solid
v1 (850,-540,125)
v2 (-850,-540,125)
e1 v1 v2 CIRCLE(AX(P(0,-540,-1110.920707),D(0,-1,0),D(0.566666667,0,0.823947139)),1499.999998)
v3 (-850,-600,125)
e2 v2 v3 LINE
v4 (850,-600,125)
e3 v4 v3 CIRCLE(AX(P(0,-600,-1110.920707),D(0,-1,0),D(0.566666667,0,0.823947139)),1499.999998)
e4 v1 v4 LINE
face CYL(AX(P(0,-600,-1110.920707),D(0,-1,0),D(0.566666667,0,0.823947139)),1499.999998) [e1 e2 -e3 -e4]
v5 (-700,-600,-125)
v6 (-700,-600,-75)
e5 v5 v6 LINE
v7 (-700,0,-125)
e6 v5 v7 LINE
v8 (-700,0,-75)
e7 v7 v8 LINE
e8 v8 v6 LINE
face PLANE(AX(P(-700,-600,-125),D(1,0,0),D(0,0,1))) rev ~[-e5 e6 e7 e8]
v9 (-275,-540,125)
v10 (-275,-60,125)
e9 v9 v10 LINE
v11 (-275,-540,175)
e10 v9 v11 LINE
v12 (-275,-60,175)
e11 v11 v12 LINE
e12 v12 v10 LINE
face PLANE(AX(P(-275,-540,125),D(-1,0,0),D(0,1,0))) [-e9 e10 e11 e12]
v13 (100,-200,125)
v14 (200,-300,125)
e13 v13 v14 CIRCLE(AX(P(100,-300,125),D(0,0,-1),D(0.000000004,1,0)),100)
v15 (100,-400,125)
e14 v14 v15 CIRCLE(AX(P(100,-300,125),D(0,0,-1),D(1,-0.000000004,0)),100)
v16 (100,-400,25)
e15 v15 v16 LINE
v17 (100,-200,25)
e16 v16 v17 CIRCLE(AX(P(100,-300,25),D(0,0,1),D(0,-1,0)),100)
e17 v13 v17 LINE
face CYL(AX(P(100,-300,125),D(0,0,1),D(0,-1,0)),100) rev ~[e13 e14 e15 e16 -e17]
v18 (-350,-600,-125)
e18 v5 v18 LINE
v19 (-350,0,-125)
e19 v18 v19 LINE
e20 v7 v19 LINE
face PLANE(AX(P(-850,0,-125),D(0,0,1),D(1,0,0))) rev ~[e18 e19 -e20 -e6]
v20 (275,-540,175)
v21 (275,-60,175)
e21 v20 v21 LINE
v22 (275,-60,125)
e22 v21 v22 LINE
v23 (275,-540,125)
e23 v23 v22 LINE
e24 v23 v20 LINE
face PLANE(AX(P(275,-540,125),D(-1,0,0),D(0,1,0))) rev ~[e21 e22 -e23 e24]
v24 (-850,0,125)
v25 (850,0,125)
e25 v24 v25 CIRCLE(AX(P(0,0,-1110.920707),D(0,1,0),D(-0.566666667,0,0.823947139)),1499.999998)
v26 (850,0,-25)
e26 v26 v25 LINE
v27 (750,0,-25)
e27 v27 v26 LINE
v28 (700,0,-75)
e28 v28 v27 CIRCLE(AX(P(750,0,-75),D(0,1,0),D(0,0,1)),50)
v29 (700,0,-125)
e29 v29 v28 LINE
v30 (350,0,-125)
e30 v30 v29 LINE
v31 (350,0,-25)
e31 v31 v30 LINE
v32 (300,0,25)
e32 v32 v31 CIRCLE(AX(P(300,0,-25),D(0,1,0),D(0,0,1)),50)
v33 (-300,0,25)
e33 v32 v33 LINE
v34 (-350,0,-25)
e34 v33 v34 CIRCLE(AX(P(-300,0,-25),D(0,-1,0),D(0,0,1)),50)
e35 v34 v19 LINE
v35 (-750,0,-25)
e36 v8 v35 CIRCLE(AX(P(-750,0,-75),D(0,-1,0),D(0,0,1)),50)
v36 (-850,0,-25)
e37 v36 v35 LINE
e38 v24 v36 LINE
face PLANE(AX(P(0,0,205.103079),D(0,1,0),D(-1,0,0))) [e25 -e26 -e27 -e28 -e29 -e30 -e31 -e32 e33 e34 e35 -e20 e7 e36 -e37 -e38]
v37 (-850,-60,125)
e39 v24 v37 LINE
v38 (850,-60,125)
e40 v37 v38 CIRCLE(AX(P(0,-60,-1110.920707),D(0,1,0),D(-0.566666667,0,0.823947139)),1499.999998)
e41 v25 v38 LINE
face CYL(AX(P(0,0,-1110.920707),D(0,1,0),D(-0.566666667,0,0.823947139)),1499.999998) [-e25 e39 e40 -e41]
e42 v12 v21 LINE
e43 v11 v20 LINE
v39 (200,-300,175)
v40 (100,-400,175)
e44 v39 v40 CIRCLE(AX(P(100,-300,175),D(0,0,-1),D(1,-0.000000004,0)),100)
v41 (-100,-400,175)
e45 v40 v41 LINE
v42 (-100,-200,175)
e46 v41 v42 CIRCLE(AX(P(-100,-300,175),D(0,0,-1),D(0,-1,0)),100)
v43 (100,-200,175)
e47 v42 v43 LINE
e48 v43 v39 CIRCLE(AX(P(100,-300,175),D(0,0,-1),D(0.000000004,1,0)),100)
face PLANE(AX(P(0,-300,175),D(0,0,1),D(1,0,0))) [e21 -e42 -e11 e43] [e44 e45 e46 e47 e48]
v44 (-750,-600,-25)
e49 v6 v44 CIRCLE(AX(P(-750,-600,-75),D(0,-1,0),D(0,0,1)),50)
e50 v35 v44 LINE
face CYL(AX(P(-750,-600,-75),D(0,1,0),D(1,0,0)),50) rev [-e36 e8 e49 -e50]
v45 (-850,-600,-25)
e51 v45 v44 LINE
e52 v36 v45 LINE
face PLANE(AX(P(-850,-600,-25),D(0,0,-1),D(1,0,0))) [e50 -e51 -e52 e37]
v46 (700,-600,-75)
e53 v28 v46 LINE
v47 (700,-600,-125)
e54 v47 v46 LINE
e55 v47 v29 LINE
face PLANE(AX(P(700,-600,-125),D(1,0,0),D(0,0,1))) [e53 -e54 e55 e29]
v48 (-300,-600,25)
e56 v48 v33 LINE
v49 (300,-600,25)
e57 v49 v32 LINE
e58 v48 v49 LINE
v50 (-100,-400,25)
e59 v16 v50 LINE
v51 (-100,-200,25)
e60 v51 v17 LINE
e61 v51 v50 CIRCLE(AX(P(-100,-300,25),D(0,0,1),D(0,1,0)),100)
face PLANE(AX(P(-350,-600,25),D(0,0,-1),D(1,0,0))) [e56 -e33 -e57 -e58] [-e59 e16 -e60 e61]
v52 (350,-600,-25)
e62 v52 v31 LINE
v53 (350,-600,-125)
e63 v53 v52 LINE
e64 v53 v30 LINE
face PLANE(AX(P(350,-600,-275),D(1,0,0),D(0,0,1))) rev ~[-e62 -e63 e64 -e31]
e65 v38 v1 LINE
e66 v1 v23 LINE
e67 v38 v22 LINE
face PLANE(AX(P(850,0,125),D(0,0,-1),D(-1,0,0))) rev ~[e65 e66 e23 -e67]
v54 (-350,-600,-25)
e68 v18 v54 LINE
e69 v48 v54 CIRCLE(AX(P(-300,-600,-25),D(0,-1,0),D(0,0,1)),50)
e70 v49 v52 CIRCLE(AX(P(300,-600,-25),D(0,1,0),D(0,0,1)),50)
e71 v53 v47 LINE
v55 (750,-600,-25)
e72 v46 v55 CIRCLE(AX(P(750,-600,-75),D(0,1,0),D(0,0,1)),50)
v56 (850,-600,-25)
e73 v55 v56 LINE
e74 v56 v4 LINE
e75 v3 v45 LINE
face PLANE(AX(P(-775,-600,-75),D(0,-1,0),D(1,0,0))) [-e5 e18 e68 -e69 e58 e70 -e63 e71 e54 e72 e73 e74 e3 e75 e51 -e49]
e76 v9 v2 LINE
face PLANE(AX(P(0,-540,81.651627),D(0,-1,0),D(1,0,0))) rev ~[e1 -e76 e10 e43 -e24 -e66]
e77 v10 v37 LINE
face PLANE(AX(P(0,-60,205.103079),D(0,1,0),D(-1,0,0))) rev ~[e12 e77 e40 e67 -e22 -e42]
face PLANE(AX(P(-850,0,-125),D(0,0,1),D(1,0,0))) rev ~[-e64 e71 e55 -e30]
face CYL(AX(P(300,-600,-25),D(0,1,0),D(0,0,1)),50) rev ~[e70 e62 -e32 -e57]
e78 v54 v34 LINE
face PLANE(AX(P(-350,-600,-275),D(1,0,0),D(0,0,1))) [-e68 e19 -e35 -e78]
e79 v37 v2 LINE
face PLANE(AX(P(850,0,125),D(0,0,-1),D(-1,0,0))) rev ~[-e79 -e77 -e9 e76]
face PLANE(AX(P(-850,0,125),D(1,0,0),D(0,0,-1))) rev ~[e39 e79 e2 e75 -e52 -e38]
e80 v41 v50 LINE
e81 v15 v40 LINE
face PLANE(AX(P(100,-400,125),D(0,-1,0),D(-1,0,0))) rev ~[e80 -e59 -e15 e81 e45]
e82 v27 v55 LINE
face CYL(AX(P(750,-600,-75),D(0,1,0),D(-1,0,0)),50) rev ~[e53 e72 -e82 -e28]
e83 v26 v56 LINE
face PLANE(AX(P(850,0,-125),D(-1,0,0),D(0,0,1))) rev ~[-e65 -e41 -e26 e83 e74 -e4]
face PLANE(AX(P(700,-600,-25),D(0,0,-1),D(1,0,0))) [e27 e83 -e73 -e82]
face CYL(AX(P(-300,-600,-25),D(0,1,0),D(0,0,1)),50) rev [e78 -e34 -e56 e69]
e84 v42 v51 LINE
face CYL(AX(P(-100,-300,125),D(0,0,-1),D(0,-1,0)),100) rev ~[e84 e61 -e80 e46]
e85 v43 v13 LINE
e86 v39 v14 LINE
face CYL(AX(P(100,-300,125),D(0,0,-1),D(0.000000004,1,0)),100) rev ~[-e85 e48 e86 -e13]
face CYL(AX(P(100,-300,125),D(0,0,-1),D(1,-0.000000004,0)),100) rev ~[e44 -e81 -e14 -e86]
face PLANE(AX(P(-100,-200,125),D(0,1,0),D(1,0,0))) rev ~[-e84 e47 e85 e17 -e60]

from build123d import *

# Parameters (mm, degrees)
F0_W      = 150
F0_H      = 100
F1_DEPTH  = 600
F2_W      = 150
F2_H      = 100
F3_DEPTH  = 600.001
F4_W      = 150
F4_H      = 100
F5_DEPTH  = 600.001
F6_R      = 50
F7_R      = 50
F9_DEPTH  = 60
F11_DEPTH = 60
F12_W     = 700
F12_H     = 300
F13_DEPTH = 600.001
F14_R     = 50
F15_R     = 50
F16_W     = 550
F16_H     = 480
F17_DEPTH = 50
F18_DEPTH = 25
F19_DEPTH = 250.001


with BuildPart() as f1:
    # F0 (on Front) → F1 (new body)
    with BuildSketch(Plane.XZ):
        with Locations((-775, -75)):
            Rectangle(F0_W, F0_H)
        Polygon((-700, -25), (-700, -125), (850, -125), (850, 125), (-850, 125), (-850, -25), align=None)
    extrude(amount=F1_DEPTH)

    # F2 (on face) → F3 (cut, through all)
    with BuildSketch(Plane.XZ.offset(600)):
        with Locations((-775, -75)):
            Rectangle(F2_W, F2_H)
    extrude(amount=-F3_DEPTH, mode=Mode.SUBTRACT)

    # F4 (on face) → F5 (cut, through all)
    with BuildSketch(Plane.XZ.offset(600)):
        with Locations((775, -75)):
            Rectangle(F4_W, F4_H)
    extrude(amount=-F5_DEPTH, mode=Mode.SUBTRACT)

    # F6
    f6_edges = [f1.edges().sort_by_distance(p)[0] for p in [
        (-700, -300, -25),
    ]]
    fillet(f6_edges, radius=F6_R)

    # F7
    f7_edges = [f1.edges().sort_by_distance(p)[0] for p in [
        (700, -300, -25),
    ]]
    fillet(f7_edges, radius=F7_R)

    # F8 (on face) → F9 (join)
    with BuildSketch(Plane(origin=(0, 0, 0), x_dir=(-1, 0, 0), z_dir=(0, 1, 0))):
        with BuildLine():
            Line((-850, 125), (850, 125))
            ThreePointArc((850, 125), (0, 389.079291), (-850, 125))
        make_face()
    extrude(amount=-F9_DEPTH)

    # F10 (on face) → F11 (join)
    with BuildSketch(Plane.XZ.offset(600)):
        with BuildLine():
            Line((850, -25), (850, 125))
            ThreePointArc((850, 125), (0, 389.079291), (-850, 125))
            Line((-850, 125), (-850, -25))
            Line((-850, -25), (-750, -25))
            ThreePointArc((-750, -25), (-714.644661, -39.644661), (-700, -75))
            Line((-700, -75), (-700, -125))
            Line((-700, -125), (700, -125))
            Line((700, -125), (700, -75))
            ThreePointArc((700, -75), (714.644661, -39.644661), (750, -25))
            Line((750, -25), (850, -25))
        make_face()
    extrude(amount=-F11_DEPTH)

    # F12 (on face) → F13 (cut, through all)
    with BuildSketch(Plane.XZ.offset(600)):
        with Locations((0, -125)):
            Rectangle(F12_W, F12_H)
    extrude(amount=-F13_DEPTH, mode=Mode.SUBTRACT)

    # F14
    f14_edges = [f1.edges().sort_by_distance(p)[0] for p in [
        (350, -300, 25),
    ]]
    fillet(f14_edges, radius=F14_R)

    # F15
    f15_edges = [f1.edges().sort_by_distance(p)[0] for p in [
        (-350, -300, 25),
    ]]
    fillet(f15_edges, radius=F15_R)

    # F16 (on face) → F17 (join)
    with BuildSketch(Plane.XY.offset(125)):
        with Locations((0, -300)):
            Rectangle(F16_W, F16_H)
        with BuildLine():
            Line((100, -400), (-100, -400))
            ThreePointArc((-100, -400), (-200, -300), (-100, -200))
            Line((-100, -200), (100, -200))
            ThreePointArc((100, -200), (170.710678, -229.289322), (200, -300))
            ThreePointArc((200, -300), (170.710678, -370.710678), (100, -400))
        make_face(mode=Mode.SUBTRACT)
    extrude(amount=F17_DEPTH)

    # F16 (on face) → F18 (join)
    with BuildSketch(Plane.XY.offset(125)):
        with Locations((0, -300)):
            Rectangle(F16_W, F16_H)
        with BuildLine():
            Line((100, -400), (-100, -400))
            ThreePointArc((-100, -400), (-200, -300), (-100, -200))
            Line((-100, -200), (100, -200))
            ThreePointArc((100, -200), (170.710678, -229.289322), (200, -300))
            ThreePointArc((200, -300), (170.710678, -370.710678), (100, -400))
        make_face(mode=Mode.SUBTRACT)
    extrude(amount=F18_DEPTH)

    # F17_face (on face) → F19 (cut, through all)
    with BuildSketch(Plane(origin=(0, -300, 125), x_dir=(1, 0, 0), z_dir=(0, 0, 1))):
        with BuildLine():
            Line((100, 100), (-100, 100))
            ThreePointArc((-100, 100), (-200, 0), (-100, -100))
            Line((-100, -100), (100, -100))
            ThreePointArc((100, -100), (200, 0), (100, 100))
        make_face()
    extrude(amount=-F19_DEPTH, mode=Mode.SUBTRACT)


solid = f1.part
